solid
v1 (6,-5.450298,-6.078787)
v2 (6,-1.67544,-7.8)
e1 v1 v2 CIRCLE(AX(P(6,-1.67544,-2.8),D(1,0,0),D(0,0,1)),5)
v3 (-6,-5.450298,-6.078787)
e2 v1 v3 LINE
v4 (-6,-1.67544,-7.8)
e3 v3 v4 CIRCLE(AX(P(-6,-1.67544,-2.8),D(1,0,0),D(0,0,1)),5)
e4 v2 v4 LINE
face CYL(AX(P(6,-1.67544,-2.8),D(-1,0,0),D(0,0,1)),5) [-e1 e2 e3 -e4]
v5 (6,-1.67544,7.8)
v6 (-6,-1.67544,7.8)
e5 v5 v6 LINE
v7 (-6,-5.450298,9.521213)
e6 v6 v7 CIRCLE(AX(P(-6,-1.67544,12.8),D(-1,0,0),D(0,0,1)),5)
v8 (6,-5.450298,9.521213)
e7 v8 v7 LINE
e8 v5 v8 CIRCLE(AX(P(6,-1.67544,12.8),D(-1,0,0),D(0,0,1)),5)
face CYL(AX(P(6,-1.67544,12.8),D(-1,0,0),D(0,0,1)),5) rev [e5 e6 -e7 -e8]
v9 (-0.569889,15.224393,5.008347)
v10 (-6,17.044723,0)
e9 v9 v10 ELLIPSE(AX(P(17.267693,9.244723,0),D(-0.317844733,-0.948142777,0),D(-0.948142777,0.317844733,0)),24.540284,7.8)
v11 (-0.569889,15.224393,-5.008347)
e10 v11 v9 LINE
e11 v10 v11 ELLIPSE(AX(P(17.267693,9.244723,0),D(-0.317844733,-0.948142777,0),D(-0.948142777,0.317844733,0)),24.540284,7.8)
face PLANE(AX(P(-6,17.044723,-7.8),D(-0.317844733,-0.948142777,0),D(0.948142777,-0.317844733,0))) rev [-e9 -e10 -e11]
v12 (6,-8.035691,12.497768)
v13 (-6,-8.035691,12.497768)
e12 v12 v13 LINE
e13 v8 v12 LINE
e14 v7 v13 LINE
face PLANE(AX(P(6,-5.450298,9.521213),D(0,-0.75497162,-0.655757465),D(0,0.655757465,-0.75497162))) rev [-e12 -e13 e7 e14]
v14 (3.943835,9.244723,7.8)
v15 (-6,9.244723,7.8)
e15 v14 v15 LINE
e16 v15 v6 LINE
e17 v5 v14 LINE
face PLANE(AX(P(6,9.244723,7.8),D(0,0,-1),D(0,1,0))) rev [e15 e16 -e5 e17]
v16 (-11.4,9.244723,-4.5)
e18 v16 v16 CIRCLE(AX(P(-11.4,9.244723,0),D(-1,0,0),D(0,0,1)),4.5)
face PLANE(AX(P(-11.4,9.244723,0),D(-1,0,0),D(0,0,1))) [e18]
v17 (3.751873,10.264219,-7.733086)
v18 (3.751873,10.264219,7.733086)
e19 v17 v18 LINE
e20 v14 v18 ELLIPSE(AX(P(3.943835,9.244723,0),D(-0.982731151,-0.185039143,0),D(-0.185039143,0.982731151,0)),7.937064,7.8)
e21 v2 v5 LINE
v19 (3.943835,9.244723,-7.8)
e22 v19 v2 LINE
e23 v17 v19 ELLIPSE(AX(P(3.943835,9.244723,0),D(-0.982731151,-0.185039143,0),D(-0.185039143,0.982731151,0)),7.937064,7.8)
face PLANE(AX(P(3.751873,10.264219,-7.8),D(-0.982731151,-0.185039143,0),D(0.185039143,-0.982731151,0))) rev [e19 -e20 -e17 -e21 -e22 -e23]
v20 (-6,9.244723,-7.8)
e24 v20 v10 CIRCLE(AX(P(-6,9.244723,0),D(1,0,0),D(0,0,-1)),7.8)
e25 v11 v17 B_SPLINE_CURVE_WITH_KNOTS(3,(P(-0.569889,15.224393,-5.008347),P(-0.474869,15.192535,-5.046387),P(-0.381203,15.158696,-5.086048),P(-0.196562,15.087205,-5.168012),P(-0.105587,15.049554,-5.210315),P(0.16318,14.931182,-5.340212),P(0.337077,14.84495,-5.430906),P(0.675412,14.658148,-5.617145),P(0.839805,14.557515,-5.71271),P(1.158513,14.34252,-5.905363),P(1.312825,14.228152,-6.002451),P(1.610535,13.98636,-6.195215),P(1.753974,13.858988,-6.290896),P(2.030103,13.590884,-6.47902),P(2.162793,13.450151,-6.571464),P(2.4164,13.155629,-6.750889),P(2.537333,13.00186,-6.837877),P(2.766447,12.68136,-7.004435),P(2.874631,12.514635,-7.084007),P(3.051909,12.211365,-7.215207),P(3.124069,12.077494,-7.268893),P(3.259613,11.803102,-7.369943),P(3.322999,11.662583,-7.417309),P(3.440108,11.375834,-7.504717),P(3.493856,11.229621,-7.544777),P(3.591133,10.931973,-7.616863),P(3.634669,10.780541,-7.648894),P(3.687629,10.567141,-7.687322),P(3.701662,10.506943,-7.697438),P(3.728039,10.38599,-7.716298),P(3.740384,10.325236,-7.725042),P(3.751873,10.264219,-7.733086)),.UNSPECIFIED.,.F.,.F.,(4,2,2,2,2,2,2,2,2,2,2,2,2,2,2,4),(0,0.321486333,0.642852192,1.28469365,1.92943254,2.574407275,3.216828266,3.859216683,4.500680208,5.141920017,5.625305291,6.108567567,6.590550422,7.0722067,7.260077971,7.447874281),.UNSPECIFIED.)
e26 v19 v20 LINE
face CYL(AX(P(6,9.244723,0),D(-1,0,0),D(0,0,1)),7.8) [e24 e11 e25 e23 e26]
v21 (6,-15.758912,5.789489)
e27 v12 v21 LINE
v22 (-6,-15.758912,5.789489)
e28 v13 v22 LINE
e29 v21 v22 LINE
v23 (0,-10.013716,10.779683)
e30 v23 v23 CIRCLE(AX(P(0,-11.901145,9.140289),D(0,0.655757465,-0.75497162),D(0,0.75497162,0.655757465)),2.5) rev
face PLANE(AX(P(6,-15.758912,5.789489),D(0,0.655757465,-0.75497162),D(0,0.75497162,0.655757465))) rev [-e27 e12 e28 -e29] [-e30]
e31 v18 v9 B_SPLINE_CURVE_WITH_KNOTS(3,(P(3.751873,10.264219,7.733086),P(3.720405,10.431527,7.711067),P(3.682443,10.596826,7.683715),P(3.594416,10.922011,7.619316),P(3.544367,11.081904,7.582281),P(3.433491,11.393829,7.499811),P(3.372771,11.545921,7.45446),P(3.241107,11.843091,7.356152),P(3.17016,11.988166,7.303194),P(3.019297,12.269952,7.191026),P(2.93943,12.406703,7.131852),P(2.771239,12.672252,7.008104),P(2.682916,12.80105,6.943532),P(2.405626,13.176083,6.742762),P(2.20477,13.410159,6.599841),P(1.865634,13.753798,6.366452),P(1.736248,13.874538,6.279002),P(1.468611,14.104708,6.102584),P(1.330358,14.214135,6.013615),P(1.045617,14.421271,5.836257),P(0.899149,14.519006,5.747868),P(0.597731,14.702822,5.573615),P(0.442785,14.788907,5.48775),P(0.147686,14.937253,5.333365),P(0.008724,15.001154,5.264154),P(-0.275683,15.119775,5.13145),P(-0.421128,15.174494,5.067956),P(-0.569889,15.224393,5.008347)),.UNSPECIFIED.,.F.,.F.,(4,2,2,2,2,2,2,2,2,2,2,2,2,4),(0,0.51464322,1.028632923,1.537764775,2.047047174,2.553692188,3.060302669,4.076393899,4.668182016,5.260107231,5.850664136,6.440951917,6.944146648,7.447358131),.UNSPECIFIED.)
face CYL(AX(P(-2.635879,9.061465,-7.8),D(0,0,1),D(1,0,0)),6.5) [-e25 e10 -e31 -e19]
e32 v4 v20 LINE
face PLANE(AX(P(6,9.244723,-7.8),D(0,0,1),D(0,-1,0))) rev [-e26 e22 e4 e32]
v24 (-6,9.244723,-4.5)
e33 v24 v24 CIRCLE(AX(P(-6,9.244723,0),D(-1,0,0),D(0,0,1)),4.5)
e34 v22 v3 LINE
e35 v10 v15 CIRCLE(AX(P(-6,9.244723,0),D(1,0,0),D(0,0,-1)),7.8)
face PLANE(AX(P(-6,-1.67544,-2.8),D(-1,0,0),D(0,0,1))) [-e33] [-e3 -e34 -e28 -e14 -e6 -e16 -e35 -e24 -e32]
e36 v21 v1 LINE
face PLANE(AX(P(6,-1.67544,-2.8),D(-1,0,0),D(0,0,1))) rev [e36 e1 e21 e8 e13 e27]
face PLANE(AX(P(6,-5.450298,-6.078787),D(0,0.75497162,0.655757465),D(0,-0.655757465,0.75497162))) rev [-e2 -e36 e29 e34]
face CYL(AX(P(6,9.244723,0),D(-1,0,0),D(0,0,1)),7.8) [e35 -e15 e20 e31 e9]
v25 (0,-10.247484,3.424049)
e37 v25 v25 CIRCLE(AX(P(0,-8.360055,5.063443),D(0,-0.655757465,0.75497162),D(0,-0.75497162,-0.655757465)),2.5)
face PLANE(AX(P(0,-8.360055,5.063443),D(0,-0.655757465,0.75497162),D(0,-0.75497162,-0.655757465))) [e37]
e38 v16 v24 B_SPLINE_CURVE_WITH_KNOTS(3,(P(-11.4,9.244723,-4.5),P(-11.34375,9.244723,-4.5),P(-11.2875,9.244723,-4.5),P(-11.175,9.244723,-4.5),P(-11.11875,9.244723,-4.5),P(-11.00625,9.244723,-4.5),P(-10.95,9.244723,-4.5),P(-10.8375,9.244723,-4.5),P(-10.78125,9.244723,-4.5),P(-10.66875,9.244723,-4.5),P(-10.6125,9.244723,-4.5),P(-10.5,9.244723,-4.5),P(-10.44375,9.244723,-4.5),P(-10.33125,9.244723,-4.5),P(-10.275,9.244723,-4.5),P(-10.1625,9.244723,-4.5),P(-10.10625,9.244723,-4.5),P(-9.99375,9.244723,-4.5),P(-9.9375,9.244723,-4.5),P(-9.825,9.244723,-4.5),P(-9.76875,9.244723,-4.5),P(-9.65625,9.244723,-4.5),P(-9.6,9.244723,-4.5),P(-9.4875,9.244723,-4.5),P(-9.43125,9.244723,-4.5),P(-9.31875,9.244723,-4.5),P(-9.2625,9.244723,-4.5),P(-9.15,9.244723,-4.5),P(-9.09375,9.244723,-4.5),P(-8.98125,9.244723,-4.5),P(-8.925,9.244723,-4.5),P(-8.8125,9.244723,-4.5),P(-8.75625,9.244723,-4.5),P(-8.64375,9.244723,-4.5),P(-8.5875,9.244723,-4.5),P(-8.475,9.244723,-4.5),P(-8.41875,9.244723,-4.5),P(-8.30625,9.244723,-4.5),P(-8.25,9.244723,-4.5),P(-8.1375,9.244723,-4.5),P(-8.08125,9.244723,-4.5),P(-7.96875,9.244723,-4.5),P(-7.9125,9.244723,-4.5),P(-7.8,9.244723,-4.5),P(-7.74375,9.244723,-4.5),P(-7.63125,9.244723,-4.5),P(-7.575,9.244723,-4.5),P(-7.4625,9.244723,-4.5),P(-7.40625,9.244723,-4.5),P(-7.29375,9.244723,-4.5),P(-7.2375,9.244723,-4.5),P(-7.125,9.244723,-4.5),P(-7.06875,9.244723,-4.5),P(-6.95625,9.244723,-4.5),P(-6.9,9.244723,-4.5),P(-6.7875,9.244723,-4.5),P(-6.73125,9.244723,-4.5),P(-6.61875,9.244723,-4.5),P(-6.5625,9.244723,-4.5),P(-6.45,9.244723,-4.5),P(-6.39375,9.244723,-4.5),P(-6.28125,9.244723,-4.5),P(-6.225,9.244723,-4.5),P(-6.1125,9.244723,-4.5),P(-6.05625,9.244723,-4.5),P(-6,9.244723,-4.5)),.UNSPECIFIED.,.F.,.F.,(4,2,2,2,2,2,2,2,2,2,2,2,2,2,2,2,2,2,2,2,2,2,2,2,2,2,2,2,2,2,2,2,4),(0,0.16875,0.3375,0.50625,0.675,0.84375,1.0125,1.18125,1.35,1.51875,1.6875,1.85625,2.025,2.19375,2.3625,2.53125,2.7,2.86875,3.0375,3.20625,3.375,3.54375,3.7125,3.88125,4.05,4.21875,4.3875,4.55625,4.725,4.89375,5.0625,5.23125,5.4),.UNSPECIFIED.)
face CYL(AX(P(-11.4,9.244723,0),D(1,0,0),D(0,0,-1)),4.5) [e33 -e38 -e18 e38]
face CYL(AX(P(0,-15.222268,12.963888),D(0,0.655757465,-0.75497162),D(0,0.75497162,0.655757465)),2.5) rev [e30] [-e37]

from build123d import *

# Parameters (mm, degrees)
SALIENTE_EXTRUIR1_DEPTH    = 6
CORTAR_EXTRUIR1_DEPTH      = 22.970816212
CORTAR_EXTRUIR1_DEPTH_BACK = 22.970816212
CORTAR_EXTRUIR2_DEPTH      = 34.249140271
CORTAR_EXTRUIR2_DEPTH_BACK = 5.4
CROQUIS4_R                 = 2.5
CROQUIS5_R                 = 4.5
SALIENTE_EXTRUIR2_DEPTH    = 5.4


with BuildPart() as part:
    # Croquis2 → Saliente-Extruir1 (new, symmetric)
    with BuildSketch(Plane(origin=(0, 0, 0), x_dir=(0, 0, -1), z_dir=(1, 0, 0))):
        with BuildLine():
            Line((7.8, 9.244722598), (7.8, -1.675439815))
            ThreePointArc((7.8, -1.675439815), (7.349392081, -3.749814828), (6.078787323, -5.450297917))
            Line((6.078787323, -5.450297917), (-5.789489169, -15.758911763))
            Line((-5.789489169, -15.758911763), (-12.497767664, -8.035690663))
            Line((-12.497767664, -8.035690663), (-9.521212677, -5.450297917))
            ThreePointArc((-9.521212677, -5.450297917), (-8.250607919, -3.749814828), (-7.8, -1.675439815))
            Line((-7.8, -1.675439815), (-7.8, 9.244722598))
            ThreePointArc((-7.8, 9.244722598), (0, 17.044722598), (7.8, 9.244722598))
        make_face()
    extrude(amount=SALIENTE_EXTRUIR1_DEPTH, both=True)

    # Croquis3 → Cortar-Extruir1 (cut, two sides: drawn at the far end of the back side and taken through both)
    with BuildSketch(Plane.XY.offset(-CORTAR_EXTRUIR1_DEPTH_BACK)):
        with BuildLine():
            Line((-6, 17.044722598), (-0.5698886, 15.224393056))
            ThreePointArc((-0.5698886, 15.224393056), (2.264862856, 13.331444594), (3.751873119, 10.264219435))
            Line((3.751873119, 10.264219435), (6, -1.675439815))
            Line((6, -1.675439815), (6, 17.044722598))
            Line((6, 17.044722598), (-6, 17.044722598))
        make_face()
    extrude(amount=CORTAR_EXTRUIR1_DEPTH + CORTAR_EXTRUIR1_DEPTH_BACK, mode=Mode.SUBTRACT)

    # Croquis4 → Cortar-Extruir2 (cut, two sides: drawn at the far end of the back side and taken through both)
    with BuildSketch(Plane(origin=(0, -9.642863705, 11.101800332), x_dir=(1, 0, 0), z_dir=(0, -0.6557574645123035, 0.7549716204841048)).offset(-CORTAR_EXTRUIR2_DEPTH_BACK)):
        with Locations(Location((0, -2.991213966, 0), (0, 0, 90))):
            Circle(CROQUIS4_R)
    extrude(amount=CORTAR_EXTRUIR2_DEPTH + CORTAR_EXTRUIR2_DEPTH_BACK, mode=Mode.SUBTRACT)

    # Croquis5 → Saliente-Extruir2 (add)
    with BuildSketch(Plane.ZY.offset(6)):
        with Locations(Location((0, 9.244722598, 0), (0, 0, 180))):
            Circle(CROQUIS5_R)
    extrude(amount=SALIENTE_EXTRUIR2_DEPTH)


solid = part.part
